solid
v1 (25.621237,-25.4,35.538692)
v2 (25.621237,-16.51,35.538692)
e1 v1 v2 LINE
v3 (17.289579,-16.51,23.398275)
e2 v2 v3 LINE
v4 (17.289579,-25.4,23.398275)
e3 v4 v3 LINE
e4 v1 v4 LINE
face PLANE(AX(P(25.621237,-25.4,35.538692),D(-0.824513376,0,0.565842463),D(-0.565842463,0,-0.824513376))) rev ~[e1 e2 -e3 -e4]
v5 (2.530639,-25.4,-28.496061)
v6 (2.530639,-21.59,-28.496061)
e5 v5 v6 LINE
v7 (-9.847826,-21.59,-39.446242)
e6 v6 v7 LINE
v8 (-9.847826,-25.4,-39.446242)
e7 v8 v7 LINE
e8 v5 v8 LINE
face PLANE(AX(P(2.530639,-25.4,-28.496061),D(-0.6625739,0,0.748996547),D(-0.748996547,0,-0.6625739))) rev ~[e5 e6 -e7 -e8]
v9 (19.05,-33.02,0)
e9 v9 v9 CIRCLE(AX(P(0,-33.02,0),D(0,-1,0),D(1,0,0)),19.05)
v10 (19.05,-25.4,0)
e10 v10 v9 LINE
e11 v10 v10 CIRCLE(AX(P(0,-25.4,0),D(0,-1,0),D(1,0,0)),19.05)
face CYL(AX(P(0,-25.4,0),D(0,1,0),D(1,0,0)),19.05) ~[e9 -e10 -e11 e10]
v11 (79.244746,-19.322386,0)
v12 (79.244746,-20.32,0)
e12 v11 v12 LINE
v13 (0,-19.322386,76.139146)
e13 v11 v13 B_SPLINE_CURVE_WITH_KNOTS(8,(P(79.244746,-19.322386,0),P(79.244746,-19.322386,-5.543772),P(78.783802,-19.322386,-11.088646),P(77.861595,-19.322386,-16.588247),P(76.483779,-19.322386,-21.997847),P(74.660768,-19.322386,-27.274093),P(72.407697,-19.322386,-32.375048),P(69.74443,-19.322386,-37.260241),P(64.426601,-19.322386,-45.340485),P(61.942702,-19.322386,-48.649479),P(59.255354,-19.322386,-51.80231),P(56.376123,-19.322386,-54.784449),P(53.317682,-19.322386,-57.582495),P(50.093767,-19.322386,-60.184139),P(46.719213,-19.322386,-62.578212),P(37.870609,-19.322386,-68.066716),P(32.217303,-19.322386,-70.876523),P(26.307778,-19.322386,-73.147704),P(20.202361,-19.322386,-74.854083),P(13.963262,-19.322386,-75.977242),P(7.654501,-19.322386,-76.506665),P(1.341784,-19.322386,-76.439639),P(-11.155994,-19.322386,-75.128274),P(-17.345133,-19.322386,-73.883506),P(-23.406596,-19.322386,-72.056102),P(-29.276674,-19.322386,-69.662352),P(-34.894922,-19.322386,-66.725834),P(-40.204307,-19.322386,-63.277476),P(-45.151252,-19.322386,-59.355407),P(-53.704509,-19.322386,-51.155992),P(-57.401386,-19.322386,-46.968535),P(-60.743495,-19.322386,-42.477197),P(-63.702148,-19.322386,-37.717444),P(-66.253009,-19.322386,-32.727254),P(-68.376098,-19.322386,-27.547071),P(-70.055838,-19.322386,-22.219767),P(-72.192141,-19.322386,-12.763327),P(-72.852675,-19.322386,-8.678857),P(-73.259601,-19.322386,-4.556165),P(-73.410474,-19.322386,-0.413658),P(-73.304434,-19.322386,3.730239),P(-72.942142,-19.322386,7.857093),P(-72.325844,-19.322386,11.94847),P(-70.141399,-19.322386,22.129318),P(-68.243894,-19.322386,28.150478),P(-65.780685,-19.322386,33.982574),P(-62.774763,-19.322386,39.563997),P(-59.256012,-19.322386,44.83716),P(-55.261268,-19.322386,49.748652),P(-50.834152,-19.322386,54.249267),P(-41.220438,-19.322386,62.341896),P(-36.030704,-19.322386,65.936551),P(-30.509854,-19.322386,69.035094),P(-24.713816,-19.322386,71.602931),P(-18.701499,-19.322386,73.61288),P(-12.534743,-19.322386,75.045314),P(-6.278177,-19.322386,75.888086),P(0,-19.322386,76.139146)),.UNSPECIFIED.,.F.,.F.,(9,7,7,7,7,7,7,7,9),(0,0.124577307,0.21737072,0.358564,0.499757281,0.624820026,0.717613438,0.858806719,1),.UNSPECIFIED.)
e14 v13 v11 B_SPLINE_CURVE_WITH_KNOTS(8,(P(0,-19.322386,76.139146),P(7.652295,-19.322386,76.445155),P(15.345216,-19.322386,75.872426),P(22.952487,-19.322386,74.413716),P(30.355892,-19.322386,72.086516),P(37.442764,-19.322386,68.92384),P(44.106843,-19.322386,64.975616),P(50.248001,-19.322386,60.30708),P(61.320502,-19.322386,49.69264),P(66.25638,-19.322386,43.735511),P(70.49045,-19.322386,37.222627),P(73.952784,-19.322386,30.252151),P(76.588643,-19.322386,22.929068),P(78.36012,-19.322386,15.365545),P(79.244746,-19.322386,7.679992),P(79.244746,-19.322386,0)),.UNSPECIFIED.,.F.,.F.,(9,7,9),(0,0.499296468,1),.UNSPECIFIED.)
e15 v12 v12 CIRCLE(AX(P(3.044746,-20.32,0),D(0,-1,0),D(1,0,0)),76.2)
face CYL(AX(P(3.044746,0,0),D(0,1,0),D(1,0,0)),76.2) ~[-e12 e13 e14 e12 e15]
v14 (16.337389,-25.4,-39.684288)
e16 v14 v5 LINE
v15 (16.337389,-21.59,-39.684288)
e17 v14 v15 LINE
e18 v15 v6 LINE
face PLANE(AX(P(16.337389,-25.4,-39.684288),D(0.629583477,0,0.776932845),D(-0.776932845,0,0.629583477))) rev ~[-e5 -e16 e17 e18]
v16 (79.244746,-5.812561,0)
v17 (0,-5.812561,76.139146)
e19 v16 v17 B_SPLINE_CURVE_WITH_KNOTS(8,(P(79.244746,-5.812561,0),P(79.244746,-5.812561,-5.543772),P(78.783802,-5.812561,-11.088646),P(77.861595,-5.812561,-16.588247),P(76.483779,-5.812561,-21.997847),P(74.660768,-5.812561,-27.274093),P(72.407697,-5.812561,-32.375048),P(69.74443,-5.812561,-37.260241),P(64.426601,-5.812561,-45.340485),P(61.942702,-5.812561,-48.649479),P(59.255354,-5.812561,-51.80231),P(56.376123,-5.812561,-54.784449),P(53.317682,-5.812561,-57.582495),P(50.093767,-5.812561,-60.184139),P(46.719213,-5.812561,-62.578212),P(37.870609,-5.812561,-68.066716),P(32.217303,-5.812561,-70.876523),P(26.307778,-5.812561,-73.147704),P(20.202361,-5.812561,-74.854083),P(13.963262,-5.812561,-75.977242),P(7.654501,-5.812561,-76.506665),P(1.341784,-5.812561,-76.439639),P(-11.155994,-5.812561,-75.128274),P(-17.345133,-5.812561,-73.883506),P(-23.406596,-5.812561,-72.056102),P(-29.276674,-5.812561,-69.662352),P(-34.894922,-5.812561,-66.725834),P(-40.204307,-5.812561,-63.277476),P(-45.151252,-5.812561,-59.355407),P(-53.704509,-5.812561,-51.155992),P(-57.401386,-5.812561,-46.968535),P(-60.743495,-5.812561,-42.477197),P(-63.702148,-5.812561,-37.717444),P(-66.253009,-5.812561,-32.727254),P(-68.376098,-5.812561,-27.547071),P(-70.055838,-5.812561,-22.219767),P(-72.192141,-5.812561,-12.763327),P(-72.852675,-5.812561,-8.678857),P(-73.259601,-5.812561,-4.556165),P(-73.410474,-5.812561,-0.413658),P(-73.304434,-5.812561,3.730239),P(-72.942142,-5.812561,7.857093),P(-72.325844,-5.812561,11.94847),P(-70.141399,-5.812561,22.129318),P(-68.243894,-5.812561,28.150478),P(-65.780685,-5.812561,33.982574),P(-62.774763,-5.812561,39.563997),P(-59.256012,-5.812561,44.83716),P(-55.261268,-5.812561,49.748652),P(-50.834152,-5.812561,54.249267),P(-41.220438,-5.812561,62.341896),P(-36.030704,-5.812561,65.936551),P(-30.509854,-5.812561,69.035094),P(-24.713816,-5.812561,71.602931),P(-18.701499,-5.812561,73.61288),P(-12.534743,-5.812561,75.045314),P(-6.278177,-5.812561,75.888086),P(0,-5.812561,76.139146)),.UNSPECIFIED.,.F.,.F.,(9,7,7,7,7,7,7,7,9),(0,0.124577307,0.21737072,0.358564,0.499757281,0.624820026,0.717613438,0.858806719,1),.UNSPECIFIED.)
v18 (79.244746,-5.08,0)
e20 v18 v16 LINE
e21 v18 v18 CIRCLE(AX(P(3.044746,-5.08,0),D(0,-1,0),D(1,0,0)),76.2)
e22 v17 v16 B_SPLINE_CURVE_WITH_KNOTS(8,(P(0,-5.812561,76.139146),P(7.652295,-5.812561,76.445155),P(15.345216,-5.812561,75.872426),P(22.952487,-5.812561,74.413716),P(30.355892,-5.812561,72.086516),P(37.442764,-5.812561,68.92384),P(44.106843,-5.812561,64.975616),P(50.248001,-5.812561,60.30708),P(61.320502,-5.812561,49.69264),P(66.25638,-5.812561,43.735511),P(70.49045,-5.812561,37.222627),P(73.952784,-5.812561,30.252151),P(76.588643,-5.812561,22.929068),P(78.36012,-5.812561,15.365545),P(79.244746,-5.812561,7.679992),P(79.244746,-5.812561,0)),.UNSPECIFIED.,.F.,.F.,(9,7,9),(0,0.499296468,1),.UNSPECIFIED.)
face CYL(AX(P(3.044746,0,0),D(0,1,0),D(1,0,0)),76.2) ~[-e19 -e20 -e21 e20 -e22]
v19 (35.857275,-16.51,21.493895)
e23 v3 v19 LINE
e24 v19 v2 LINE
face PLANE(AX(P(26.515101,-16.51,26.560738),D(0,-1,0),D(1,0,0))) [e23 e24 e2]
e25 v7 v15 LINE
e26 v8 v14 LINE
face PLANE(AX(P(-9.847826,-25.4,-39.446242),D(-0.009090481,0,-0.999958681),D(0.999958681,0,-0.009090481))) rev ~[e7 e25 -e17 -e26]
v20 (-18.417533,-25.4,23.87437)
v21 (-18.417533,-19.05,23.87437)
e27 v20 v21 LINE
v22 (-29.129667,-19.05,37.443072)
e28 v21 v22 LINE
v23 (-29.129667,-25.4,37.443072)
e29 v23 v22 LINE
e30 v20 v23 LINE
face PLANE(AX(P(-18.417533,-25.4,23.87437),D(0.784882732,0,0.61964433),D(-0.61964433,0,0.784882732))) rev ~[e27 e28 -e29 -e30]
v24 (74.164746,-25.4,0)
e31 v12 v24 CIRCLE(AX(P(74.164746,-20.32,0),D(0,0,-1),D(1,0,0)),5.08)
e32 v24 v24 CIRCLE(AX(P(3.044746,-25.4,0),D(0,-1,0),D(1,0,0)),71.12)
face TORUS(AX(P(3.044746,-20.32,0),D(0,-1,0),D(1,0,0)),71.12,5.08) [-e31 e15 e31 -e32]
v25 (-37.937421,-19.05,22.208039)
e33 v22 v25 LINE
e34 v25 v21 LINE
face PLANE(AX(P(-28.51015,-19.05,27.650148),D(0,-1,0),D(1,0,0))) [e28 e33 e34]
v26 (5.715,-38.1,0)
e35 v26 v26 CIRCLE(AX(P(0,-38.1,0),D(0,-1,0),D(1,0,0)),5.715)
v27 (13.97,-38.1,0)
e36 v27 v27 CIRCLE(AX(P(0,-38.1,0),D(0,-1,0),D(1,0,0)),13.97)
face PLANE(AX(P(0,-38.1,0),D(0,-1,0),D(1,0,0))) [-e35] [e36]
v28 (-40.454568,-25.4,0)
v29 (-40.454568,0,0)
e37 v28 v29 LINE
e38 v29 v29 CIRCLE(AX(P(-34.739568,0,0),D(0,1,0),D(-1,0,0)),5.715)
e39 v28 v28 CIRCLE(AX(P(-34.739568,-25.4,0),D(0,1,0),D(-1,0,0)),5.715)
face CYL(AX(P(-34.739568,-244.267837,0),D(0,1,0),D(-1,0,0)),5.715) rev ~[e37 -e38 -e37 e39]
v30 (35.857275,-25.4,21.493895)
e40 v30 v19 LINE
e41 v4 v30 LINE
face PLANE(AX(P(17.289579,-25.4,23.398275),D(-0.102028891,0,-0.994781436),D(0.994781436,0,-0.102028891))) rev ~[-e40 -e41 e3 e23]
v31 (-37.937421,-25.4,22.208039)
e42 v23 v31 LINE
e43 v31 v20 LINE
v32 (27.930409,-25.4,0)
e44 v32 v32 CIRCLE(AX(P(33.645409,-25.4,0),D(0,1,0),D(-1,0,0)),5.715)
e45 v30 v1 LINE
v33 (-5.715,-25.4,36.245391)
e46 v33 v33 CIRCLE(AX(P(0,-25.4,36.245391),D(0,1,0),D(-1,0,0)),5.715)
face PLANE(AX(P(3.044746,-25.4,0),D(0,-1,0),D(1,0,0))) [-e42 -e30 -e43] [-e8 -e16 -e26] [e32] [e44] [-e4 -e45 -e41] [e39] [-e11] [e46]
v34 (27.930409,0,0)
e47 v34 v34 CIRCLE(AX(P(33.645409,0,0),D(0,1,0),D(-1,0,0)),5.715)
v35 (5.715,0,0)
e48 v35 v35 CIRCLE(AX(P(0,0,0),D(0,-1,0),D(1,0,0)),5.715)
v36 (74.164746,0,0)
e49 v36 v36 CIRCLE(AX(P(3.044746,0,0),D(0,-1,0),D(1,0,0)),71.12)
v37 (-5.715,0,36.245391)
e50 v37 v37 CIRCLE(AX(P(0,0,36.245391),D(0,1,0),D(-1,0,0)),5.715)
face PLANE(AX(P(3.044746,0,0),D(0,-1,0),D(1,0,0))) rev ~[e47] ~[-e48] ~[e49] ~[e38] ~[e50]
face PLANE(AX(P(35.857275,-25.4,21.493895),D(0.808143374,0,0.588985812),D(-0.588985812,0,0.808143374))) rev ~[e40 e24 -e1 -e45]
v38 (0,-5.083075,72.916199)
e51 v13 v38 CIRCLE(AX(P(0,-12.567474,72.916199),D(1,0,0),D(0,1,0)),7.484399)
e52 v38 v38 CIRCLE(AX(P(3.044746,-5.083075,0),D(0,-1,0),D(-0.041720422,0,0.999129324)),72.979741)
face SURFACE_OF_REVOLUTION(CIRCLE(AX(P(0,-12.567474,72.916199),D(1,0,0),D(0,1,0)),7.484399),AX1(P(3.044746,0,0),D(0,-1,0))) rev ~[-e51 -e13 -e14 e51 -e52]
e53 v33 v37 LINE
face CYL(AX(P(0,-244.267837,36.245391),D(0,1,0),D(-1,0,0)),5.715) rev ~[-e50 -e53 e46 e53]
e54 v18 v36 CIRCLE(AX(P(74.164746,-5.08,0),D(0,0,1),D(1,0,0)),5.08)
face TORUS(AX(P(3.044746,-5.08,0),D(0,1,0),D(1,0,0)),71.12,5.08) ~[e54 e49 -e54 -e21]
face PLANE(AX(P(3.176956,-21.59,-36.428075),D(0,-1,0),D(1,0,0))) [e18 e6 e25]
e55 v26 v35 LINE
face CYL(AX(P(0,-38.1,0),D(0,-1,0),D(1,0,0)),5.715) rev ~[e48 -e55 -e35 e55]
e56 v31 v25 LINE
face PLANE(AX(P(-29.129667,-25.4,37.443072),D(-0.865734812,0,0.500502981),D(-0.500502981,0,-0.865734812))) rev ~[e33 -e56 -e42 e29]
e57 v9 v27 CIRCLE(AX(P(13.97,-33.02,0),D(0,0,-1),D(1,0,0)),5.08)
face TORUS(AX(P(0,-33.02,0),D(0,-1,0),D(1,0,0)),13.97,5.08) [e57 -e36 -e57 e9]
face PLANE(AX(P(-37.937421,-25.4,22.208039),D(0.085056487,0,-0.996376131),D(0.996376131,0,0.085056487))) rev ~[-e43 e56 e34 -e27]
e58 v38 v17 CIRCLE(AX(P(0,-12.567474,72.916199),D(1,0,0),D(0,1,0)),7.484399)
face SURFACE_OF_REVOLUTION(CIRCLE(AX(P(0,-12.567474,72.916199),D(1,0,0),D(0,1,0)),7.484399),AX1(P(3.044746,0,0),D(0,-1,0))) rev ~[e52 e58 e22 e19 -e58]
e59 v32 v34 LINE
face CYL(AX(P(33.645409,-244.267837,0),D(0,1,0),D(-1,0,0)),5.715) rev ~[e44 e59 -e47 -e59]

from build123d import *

# Parameters (mm, degrees)
F0_R      = 76.2
F1_DEPTH  = 25.4
F2_R      = 19.05
F3_DEPTH  = 12.7
F4_R      = 5.08
F5_R      = 7.4843991105
F8_R      = 5.08
F9_R      = 5.715
F10_DEPTH = 38.1
F12_D     = 11.43
F15_D     = 11.43
F16_D     = 11.43
F18_DEPTH = 6.35
F20_DEPTH = 8.89
F22_DEPTH = 3.81


with BuildPart() as f1:
    # F0 (on Front) → F1 (new body)
    with BuildSketch(Plane.XZ):
        with Locations((3.0447455747, 0)):
            Circle(F0_R)
    extrude(amount=F1_DEPTH)

    # F2 (on face) → F3 (join)
    with BuildSketch(Plane.XZ.offset(25.4)):
        Circle(F2_R)
    extrude(amount=F3_DEPTH)

    # F4
    f4_edges = [f1.edges().sort_by_distance(p)[0] for p in [
        (79.244746, -12.7, 0),
        (-73.155254, 0, 0),
        (-73.155254, -25.4, 0),
    ]]
    fillet(f4_edges, radius=F4_R)

    # F5 (on Right) → F6 (revolve, cut)
    with BuildSketch(Plane.YZ):
        with Locations((-12.5674738179, 72.9161991943)):
            Circle(F5_R)
    revolve(axis=Axis((3.0447455747, 0, 0), (0, -1, 0)), mode=Mode.SUBTRACT)

    # F8
    f8_edges = [f1.edges().sort_by_distance(p)[0] for p in [
        (-19.05, -38.1, 0),
    ]]
    fillet(f8_edges, radius=F8_R)

    # F9 (on face) → F10 (cut)
    with BuildSketch(Plane.XZ.offset(38.1)):
        Circle(F9_R)
    extrude(amount=-F10_DEPTH, mode=Mode.SUBTRACT)

    # F12 (through all)
    with Locations(Plane.XZ.offset(25.4)):
        with Locations((0, 36.245391153)):
            Hole(F12_D / 2)

    # F15 (through all)
    with Locations(Plane.XZ.offset(25.4)):
        with Locations((-34.7395679537, 0)):
            Hole(F15_D / 2)

    # F16 (through all)
    with Locations(Plane.XZ.offset(25.4)):
        with Locations((33.6454086633, 0)):
            Hole(F16_D / 2)

    # F17 (on face) → F18 (cut)
    with BuildSketch(Plane.XZ.offset(25.4)):
        Polygon((-29.1296672076, 37.4430716038), (-37.9374213517, 22.2080387175), (-18.4175334871, 23.8743703812), align=None)
    extrude(amount=-F18_DEPTH, mode=Mode.SUBTRACT)

    # F19 (on face) → F20 (cut)
    with BuildSketch(Plane.XZ.offset(25.4)):
        Polygon((25.6212372333, 35.5386920273), (17.2895789146, 23.3982745558), (35.8572751284, 21.4938949794), align=None)
    extrude(amount=-F20_DEPTH, mode=Mode.SUBTRACT)

    # F21 (on face) → F22 (cut)
    with BuildSketch(Plane.XZ.offset(25.4)):
        Polygon((2.5306392927, -28.4960605204), (-9.8478263244, -39.4462421536), (16.3373891264, -39.6842882037), align=None)
    extrude(amount=-F22_DEPTH, mode=Mode.SUBTRACT)


solid = f1.part
